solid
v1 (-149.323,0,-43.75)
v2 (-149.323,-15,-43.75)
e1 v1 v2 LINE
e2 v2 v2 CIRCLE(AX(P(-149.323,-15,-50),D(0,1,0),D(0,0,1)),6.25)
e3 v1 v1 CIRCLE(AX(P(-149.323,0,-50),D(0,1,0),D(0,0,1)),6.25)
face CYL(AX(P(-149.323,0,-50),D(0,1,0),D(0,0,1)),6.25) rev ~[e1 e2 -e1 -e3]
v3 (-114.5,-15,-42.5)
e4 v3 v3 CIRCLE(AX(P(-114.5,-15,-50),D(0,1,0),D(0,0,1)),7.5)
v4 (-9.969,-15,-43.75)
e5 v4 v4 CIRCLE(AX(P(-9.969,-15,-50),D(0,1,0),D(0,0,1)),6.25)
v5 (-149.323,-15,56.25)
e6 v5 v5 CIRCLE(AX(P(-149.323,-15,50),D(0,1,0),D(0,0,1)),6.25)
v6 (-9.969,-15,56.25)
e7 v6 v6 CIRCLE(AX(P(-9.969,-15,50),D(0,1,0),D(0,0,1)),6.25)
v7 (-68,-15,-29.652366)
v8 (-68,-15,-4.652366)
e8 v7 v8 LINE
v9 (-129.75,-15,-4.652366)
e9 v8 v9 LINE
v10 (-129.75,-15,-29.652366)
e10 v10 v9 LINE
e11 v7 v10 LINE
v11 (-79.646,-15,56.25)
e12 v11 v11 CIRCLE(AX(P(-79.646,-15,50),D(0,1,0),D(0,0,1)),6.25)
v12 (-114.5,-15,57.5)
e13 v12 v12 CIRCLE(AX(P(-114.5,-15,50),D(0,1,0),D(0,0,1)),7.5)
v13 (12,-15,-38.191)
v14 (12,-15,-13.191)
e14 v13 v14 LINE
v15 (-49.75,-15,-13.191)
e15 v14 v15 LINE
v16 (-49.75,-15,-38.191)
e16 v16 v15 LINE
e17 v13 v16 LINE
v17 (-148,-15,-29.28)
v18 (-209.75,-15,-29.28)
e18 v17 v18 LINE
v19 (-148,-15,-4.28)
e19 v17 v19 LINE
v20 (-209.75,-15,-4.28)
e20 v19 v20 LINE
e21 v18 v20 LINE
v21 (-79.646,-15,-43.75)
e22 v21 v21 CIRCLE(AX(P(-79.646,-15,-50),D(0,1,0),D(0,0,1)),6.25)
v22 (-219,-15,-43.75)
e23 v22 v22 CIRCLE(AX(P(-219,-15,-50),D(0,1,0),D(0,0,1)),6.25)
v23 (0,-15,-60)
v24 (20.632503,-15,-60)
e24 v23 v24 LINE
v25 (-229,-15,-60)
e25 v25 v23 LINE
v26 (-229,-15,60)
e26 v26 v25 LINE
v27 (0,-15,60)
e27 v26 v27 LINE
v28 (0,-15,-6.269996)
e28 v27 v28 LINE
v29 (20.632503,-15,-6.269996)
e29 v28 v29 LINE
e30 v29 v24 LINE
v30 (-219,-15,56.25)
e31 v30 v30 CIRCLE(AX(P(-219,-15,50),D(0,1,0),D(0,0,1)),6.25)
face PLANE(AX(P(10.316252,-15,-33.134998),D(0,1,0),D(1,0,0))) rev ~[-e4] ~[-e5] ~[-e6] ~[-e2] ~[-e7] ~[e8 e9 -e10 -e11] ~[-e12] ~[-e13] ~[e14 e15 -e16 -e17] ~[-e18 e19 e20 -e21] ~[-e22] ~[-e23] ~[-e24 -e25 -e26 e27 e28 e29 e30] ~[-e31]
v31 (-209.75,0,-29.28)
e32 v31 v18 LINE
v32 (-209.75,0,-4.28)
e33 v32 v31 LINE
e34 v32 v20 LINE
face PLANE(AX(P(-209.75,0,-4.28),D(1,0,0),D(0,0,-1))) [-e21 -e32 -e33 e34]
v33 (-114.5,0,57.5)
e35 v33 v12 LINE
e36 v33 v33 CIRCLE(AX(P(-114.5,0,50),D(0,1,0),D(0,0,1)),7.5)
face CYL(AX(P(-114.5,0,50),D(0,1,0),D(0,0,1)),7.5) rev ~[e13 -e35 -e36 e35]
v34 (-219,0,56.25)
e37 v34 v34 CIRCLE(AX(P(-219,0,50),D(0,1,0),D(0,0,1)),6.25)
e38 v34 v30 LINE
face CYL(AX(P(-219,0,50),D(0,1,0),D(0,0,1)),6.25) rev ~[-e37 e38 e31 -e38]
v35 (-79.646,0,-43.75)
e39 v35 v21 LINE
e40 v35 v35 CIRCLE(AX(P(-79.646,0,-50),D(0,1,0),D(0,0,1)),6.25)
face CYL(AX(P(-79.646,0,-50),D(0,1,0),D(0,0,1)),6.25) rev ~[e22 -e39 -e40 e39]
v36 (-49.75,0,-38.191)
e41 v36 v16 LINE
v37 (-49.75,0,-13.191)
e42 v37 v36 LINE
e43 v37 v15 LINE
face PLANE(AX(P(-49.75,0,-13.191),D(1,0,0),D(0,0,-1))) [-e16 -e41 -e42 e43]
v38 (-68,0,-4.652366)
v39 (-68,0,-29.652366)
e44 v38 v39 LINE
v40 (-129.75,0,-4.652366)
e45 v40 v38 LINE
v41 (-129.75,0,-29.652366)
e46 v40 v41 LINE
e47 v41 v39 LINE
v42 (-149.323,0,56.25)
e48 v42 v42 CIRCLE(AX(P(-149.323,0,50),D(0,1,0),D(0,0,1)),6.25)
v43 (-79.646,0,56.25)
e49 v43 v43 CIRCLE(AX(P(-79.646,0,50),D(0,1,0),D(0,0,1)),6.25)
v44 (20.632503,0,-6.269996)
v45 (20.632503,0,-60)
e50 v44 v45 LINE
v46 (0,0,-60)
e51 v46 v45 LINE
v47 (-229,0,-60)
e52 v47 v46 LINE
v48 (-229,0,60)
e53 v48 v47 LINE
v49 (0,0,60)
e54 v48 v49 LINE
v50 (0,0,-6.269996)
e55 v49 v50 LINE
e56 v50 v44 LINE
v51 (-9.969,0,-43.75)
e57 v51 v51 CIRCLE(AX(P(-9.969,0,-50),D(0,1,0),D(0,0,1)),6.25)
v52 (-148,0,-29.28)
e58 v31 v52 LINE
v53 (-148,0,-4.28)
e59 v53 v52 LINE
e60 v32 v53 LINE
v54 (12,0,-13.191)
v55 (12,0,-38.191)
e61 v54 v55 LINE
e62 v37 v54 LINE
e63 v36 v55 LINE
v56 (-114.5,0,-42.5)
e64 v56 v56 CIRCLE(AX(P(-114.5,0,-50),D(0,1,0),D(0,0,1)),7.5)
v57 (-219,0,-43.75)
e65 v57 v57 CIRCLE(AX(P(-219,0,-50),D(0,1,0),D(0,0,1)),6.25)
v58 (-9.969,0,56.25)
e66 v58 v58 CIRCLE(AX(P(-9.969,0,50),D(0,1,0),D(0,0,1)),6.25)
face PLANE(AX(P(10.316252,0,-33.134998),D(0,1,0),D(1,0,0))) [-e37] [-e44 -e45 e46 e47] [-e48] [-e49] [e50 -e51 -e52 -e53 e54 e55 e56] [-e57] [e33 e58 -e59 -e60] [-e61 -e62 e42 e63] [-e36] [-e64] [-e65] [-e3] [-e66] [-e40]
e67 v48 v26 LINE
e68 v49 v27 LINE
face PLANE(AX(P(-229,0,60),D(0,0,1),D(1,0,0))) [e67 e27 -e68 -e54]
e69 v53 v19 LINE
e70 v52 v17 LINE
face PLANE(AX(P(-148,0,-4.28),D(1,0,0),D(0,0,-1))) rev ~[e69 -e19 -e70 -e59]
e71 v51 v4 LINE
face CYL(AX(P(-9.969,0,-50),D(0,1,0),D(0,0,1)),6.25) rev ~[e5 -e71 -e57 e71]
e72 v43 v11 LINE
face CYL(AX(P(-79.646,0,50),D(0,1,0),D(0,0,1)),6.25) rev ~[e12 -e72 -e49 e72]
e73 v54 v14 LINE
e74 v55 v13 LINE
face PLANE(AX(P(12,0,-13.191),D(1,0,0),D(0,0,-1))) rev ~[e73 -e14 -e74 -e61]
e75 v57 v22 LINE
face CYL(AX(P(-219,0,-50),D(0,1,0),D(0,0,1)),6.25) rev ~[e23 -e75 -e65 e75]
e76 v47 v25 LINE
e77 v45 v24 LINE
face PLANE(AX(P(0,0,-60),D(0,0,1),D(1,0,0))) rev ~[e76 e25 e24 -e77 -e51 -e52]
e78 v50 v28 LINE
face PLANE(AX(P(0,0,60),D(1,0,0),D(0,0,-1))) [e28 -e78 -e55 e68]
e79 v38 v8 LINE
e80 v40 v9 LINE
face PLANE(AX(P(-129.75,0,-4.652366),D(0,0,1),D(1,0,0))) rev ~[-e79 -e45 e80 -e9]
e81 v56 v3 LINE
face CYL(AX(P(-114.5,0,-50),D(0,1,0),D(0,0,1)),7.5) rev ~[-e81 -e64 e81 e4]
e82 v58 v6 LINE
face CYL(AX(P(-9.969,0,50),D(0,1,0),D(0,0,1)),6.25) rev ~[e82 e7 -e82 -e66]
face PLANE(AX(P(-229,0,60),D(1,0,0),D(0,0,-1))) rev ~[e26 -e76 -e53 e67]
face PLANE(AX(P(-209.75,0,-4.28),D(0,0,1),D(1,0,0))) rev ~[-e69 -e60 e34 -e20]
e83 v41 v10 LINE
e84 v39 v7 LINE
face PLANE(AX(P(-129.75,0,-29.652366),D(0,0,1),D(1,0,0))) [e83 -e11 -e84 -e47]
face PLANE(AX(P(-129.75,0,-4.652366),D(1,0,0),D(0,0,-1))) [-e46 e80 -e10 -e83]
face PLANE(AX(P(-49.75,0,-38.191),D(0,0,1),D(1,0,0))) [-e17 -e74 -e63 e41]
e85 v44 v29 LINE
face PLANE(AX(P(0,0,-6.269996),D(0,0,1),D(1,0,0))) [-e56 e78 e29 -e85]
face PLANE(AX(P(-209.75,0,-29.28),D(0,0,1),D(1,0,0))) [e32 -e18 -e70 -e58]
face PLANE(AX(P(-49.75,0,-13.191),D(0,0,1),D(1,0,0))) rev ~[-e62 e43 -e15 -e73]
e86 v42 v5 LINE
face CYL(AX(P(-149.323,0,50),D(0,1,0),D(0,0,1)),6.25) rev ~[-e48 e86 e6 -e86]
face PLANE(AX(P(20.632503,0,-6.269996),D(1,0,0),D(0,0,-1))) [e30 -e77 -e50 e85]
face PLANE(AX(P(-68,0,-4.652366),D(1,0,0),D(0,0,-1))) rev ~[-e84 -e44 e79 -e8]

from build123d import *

# Parameters (mm, degrees)
SKETCH1_W           = 229
SKETCH1_H           = 120
BOSS_EXTRUDE1_DEPTH = 15
SKETCH2_W           = 20.632503002
SKETCH2_H           = 53.730004003
BOSS_EXTRUDE2_DEPTH = 15
CUT_EXTRUDE1_REACH  = 239.205
SKETCH3_W           = 61.75
SKETCH3_H           = 25
CUT_EXTRUDE2_REACH  = 239.205
SKETCH4_W           = 61.75
SKETCH4_H           = 25
CUT_EXTRUDE3_REACH  = 239.205
SKETCH5_W           = 61.75
SKETCH5_H           = 25
CUT_EXTRUDE5_REACH  = 239.205
SKETCH7_R           = 7.5
CUT_EXTRUDE7_REACH  = 239.205
SKETCH14_R          = 6.25


with BuildPart() as part:
    # Sketch1 → Boss-Extrude1 (new body)
    with BuildSketch(Plane(origin=(0, 0, 0), x_dir=(1, 0, 0), z_dir=(0, 1, 0))):
        with Locations((-114.5, 0)):
            Rectangle(SKETCH1_W, SKETCH1_H)
    extrude(amount=-BOSS_EXTRUDE1_DEPTH)

    # Sketch2 → Boss-Extrude2 (add)
    with BuildSketch(Plane(origin=(0, 0, 0), x_dir=(1, 0, 0), z_dir=(0, 1, 0))):
        with Locations((10.316251501, 33.134997999)):
            Rectangle(SKETCH2_W, SKETCH2_H)
    extrude(amount=-BOSS_EXTRUDE2_DEPTH)

    # Sketch3 → Cut-Extrude1 (cut, up to next)
    with BuildSketch(Plane(origin=(0, 0, 0), x_dir=(1, 0, 0), z_dir=(0, 1, 0)), mode=Mode.PRIVATE) as cut_extrude1_sk1:
        with Locations((-18.875, 25.691000385)):
            Rectangle(SKETCH3_W, SKETCH3_H)
    cut_extrude1_tool1 = extrude(cut_extrude1_sk1.sketch, amount=-CUT_EXTRUDE1_REACH, mode=Mode.PRIVATE) & part.part
    add(cut_extrude1_tool1.solids().sort_by_distance((-18.875, 0, -25.691))[0], mode=Mode.SUBTRACT)

    # Sketch4 → Cut-Extrude2 (cut, up to next)
    with BuildSketch(Plane(origin=(0, 0, 0), x_dir=(1, 0, 0), z_dir=(0, 1, 0)), mode=Mode.PRIVATE) as cut_extrude2_sk1:
        with Locations((-98.875, 17.152366083)):
            Rectangle(SKETCH4_W, SKETCH4_H)
    cut_extrude2_tool1 = extrude(cut_extrude2_sk1.sketch, amount=-CUT_EXTRUDE2_REACH, mode=Mode.PRIVATE) & part.part
    add(cut_extrude2_tool1.solids().sort_by_distance((-98.875, 0, -17.152366))[0], mode=Mode.SUBTRACT)

    # Sketch5 → Cut-Extrude3 (cut, up to next)
    with BuildSketch(Plane(origin=(0, 0, 0), x_dir=(1, 0, 0), z_dir=(0, 1, 0)), mode=Mode.PRIVATE) as cut_extrude3_sk1:
        with Locations((-178.875, 16.78)):
            Rectangle(SKETCH5_W, SKETCH5_H)
    cut_extrude3_tool1 = extrude(cut_extrude3_sk1.sketch, amount=-CUT_EXTRUDE3_REACH, mode=Mode.PRIVATE) & part.part
    add(cut_extrude3_tool1.solids().sort_by_distance((-178.875, 0, -16.78))[0], mode=Mode.SUBTRACT)

    # Sketch7 → Cut-Extrude5 (cut, up to next)
    with BuildSketch(Plane(origin=(0, 0, 0), x_dir=(1, 0, 0), z_dir=(0, 1, 0)), mode=Mode.PRIVATE) as cut_extrude5_sk1:
        with Locations(Location((-114.5, 50, 0), (0, 0, 270))):
            Circle(SKETCH7_R)
    cut_extrude5_tool1 = extrude(cut_extrude5_sk1.sketch, amount=-CUT_EXTRUDE5_REACH, mode=Mode.PRIVATE) & part.part
    # Sketch7 → Cut-Extrude5 (cut, up to next)
    with BuildSketch(Plane(origin=(0, 0, 0), x_dir=(1, 0, 0), z_dir=(0, 1, 0)), mode=Mode.PRIVATE) as cut_extrude5_sk2:
        with Locations(Location((-114.5, -50, 0), (0, 0, 270))):
            Circle(SKETCH7_R)
    cut_extrude5_tool2 = extrude(cut_extrude5_sk2.sketch, amount=-CUT_EXTRUDE5_REACH, mode=Mode.PRIVATE) & part.part
    add(cut_extrude5_tool1.solids().sort_by_distance((-114.5, 0, -50))[0], mode=Mode.SUBTRACT)
    add(cut_extrude5_tool2.solids().sort_by_distance((-114.5, 0, 50))[0], mode=Mode.SUBTRACT)

    # Sketch14 → Cut-Extrude7 (cut, up to next)
    with BuildSketch(Plane(origin=(0, 0, 0), x_dir=(1, 0, 0), z_dir=(0, 1, 0)), mode=Mode.PRIVATE) as cut_extrude7_sk1:
        with Locations(Location((-219, 50, 0), (0, 0, 270))):
            Circle(SKETCH14_R)
    cut_extrude7_tool1 = extrude(cut_extrude7_sk1.sketch, amount=-CUT_EXTRUDE7_REACH, mode=Mode.PRIVATE) & part.part
    # Sketch14 → Cut-Extrude7 (cut, up to next)
    with BuildSketch(Plane(origin=(0, 0, 0), x_dir=(1, 0, 0), z_dir=(0, 1, 0)), mode=Mode.PRIVATE) as cut_extrude7_sk2:
        with Locations(Location((-219, -50, 0), (0, 0, 270))):
            Circle(SKETCH14_R)
    cut_extrude7_tool2 = extrude(cut_extrude7_sk2.sketch, amount=-CUT_EXTRUDE7_REACH, mode=Mode.PRIVATE) & part.part
    # Sketch14 → Cut-Extrude7 (cut, up to next)
    with BuildSketch(Plane(origin=(0, 0, 0), x_dir=(1, 0, 0), z_dir=(0, 1, 0)), mode=Mode.PRIVATE) as cut_extrude7_sk3:
        with Locations(Location((-149.323, -50, 0), (0, 0, 270))):
            Circle(SKETCH14_R)
    cut_extrude7_tool3 = extrude(cut_extrude7_sk3.sketch, amount=-CUT_EXTRUDE7_REACH, mode=Mode.PRIVATE) & part.part
    # Sketch14 → Cut-Extrude7 (cut, up to next)
    with BuildSketch(Plane(origin=(0, 0, 0), x_dir=(1, 0, 0), z_dir=(0, 1, 0)), mode=Mode.PRIVATE) as cut_extrude7_sk4:
        with Locations(Location((-79.646, -50, 0), (0, 0, 270))):
            Circle(SKETCH14_R)
    cut_extrude7_tool4 = extrude(cut_extrude7_sk4.sketch, amount=-CUT_EXTRUDE7_REACH, mode=Mode.PRIVATE) & part.part
    # Sketch14 → Cut-Extrude7 (cut, up to next)
    with BuildSketch(Plane(origin=(0, 0, 0), x_dir=(1, 0, 0), z_dir=(0, 1, 0)), mode=Mode.PRIVATE) as cut_extrude7_sk5:
        with Locations(Location((-9.969, -50, 0), (0, 0, 270))):
            Circle(SKETCH14_R)
    cut_extrude7_tool5 = extrude(cut_extrude7_sk5.sketch, amount=-CUT_EXTRUDE7_REACH, mode=Mode.PRIVATE) & part.part
    # Sketch14 → Cut-Extrude7 (cut, up to next)
    with BuildSketch(Plane(origin=(0, 0, 0), x_dir=(1, 0, 0), z_dir=(0, 1, 0)), mode=Mode.PRIVATE) as cut_extrude7_sk6:
        with Locations(Location((-9.969, 50, 0), (0, 0, 270))):
            Circle(SKETCH14_R)
    cut_extrude7_tool6 = extrude(cut_extrude7_sk6.sketch, amount=-CUT_EXTRUDE7_REACH, mode=Mode.PRIVATE) & part.part
    # Sketch14 → Cut-Extrude7 (cut, up to next)
    with BuildSketch(Plane(origin=(0, 0, 0), x_dir=(1, 0, 0), z_dir=(0, 1, 0)), mode=Mode.PRIVATE) as cut_extrude7_sk7:
        with Locations(Location((-79.646, 50, 0), (0, 0, 270))):
            Circle(SKETCH14_R)
    cut_extrude7_tool7 = extrude(cut_extrude7_sk7.sketch, amount=-CUT_EXTRUDE7_REACH, mode=Mode.PRIVATE) & part.part
    # Sketch14 → Cut-Extrude7 (cut, up to next)
    with BuildSketch(Plane(origin=(0, 0, 0), x_dir=(1, 0, 0), z_dir=(0, 1, 0)), mode=Mode.PRIVATE) as cut_extrude7_sk8:
        with Locations(Location((-149.323, 50, 0), (0, 0, 270))):
            Circle(SKETCH14_R)
    cut_extrude7_tool8 = extrude(cut_extrude7_sk8.sketch, amount=-CUT_EXTRUDE7_REACH, mode=Mode.PRIVATE) & part.part
    add(cut_extrude7_tool1.solids().sort_by_distance((-219, 0, -50))[0], mode=Mode.SUBTRACT)
    add(cut_extrude7_tool2.solids().sort_by_distance((-219, 0, 50))[0], mode=Mode.SUBTRACT)
    add(cut_extrude7_tool3.solids().sort_by_distance((-149.323, 0, 50))[0], mode=Mode.SUBTRACT)
    add(cut_extrude7_tool4.solids().sort_by_distance((-79.646, 0, 50))[0], mode=Mode.SUBTRACT)
    add(cut_extrude7_tool5.solids().sort_by_distance((-9.969, 0, 50))[0], mode=Mode.SUBTRACT)
    add(cut_extrude7_tool6.solids().sort_by_distance((-9.969, 0, -50))[0], mode=Mode.SUBTRACT)
    add(cut_extrude7_tool7.solids().sort_by_distance((-79.646, 0, -50))[0], mode=Mode.SUBTRACT)
    add(cut_extrude7_tool8.solids().sort_by_distance((-149.323, 0, -50))[0], mode=Mode.SUBTRACT)


solid = part.part
